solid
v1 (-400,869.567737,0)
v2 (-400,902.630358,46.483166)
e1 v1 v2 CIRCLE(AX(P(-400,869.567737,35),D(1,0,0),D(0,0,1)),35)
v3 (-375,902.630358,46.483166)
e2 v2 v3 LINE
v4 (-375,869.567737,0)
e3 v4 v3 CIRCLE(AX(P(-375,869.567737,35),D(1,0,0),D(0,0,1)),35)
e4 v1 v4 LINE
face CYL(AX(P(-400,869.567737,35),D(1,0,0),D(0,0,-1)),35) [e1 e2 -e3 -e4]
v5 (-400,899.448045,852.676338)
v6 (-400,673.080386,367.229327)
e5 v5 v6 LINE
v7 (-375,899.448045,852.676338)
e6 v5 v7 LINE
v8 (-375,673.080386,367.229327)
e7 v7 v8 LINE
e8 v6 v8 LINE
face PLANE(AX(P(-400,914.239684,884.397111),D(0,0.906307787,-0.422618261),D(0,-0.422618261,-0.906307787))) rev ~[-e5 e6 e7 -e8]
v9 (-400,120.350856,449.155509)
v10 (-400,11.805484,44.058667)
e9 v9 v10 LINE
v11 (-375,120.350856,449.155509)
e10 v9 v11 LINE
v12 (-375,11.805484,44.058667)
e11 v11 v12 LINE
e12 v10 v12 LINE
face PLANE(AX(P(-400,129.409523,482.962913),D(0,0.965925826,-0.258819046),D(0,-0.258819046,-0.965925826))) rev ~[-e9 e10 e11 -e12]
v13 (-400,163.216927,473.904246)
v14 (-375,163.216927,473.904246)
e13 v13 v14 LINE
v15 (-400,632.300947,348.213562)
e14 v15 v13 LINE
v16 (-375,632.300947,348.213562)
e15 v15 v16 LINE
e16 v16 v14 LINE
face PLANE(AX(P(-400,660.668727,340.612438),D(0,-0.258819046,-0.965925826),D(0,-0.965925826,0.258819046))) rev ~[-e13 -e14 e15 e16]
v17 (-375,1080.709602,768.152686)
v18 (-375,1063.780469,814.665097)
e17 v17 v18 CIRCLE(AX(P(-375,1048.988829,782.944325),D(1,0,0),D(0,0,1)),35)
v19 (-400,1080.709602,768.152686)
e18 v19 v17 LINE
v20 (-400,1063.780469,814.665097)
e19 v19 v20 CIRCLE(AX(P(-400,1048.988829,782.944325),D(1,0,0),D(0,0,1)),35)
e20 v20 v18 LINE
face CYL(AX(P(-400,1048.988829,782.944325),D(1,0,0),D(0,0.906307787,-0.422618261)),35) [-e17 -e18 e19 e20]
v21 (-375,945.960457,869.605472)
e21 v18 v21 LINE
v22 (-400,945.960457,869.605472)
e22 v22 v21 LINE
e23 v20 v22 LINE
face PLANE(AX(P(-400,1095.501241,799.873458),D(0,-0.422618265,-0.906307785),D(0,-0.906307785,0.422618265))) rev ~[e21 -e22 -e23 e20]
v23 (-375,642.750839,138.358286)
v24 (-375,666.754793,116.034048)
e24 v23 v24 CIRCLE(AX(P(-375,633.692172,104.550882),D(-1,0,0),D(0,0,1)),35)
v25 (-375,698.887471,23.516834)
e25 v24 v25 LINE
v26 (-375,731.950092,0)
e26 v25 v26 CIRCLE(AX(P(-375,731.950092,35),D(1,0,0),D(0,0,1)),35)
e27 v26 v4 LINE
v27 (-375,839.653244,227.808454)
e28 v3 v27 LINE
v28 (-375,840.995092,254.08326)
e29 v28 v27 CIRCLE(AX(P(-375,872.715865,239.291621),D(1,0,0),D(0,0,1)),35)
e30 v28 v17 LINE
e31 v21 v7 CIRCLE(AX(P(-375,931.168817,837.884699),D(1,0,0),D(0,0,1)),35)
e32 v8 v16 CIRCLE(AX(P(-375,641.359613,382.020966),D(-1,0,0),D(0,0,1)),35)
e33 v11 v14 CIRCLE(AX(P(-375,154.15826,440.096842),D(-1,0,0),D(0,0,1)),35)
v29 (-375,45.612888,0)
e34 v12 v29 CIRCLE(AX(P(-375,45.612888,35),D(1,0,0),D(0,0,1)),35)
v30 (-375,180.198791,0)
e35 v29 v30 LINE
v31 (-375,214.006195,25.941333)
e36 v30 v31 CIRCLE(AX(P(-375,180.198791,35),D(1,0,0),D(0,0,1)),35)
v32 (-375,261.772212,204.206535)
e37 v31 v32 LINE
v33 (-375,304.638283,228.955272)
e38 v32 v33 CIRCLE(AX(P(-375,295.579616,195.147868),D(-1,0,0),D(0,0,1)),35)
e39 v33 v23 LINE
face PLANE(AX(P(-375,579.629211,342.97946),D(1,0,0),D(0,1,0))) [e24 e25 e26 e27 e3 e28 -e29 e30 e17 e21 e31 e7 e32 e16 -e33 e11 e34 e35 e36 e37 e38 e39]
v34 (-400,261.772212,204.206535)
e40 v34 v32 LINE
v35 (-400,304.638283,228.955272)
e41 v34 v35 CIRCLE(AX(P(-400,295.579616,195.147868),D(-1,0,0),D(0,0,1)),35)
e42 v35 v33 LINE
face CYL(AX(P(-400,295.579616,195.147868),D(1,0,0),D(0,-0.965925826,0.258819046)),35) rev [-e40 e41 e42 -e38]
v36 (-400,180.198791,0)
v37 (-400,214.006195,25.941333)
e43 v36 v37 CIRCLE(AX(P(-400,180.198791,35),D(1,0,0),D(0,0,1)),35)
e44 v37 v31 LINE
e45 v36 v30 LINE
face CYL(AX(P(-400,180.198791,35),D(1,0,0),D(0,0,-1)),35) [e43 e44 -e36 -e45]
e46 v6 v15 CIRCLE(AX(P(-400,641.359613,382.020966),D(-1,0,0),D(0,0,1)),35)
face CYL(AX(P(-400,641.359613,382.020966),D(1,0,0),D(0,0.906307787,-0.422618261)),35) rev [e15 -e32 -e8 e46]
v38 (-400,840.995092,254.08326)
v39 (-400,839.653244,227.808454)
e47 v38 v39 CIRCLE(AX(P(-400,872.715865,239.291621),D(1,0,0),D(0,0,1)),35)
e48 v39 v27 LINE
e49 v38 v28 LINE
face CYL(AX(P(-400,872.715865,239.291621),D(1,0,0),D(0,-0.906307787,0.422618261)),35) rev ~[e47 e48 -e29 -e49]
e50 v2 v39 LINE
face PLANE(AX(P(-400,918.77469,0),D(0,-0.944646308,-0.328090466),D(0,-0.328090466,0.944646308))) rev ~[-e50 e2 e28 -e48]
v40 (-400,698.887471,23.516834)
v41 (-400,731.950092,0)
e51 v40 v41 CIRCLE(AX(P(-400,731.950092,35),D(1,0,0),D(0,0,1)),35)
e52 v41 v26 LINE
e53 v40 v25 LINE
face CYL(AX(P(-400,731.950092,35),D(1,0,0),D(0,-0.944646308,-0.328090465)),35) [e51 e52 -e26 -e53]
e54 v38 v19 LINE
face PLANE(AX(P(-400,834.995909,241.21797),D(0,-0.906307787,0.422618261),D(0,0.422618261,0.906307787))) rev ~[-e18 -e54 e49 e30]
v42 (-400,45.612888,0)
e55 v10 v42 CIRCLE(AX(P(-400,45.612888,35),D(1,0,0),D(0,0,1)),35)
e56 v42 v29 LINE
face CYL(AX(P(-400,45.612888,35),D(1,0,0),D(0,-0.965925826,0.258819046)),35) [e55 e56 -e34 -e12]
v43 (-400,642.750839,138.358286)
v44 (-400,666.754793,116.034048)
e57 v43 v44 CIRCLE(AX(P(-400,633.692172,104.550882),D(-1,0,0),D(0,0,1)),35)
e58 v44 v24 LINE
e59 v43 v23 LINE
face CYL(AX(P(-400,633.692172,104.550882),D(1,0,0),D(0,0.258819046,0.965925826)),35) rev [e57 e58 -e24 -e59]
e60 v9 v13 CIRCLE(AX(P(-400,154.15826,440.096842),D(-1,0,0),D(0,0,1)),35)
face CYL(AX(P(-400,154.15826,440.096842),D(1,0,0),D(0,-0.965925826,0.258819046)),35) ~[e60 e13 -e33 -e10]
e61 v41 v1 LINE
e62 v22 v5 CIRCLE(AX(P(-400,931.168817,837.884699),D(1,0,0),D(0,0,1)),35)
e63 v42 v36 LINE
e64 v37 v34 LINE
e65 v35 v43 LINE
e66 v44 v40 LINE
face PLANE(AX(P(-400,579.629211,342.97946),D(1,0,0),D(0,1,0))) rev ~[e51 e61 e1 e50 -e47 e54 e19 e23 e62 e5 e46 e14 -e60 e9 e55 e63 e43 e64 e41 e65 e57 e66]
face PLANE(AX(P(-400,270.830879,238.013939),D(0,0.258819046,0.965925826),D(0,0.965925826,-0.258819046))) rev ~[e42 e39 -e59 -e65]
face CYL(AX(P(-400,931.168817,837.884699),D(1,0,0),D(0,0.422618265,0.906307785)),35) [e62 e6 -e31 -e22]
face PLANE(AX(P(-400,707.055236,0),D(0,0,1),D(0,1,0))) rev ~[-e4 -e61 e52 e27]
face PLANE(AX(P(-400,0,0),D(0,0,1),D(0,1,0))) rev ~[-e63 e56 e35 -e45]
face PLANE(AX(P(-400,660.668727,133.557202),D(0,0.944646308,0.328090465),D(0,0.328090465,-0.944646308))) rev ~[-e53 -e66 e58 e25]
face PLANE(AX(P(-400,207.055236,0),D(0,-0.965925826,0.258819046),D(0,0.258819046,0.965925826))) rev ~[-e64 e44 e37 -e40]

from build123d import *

# Parameters (mm, degrees)
F2_DEPTH = 25
F3_R     = 35
F4_R     = 35


with BuildPart() as f2:
    # F1 (on offset) → F2 (new body)
    with BuildSketch(Plane.YZ.offset(-400)):
        Polygon((129.409523, 482.962913), (0, 0), (207.055236, 0), (270.830879, 238.013939), (660.668727, 133.557202), (707.055236, 0), (918.77469, 0), (834.995909, 241.21797), (1095.501241, 799.873458), (914.239684, 884.397111), (660.668727, 340.612438), align=None)
    extrude(amount=F2_DEPTH)

    # F3
    f3_edges = [f2.edges().sort_by_distance(p)[0] for p in [
        (-387.5, 914.239684, 884.397111),
        (-387.5, 1095.501241, 799.873458),
        (-387.5, 660.668727, 340.612438),
        (-387.5, 129.409523, 482.962913),
        (-387.5, 707.055236, 0),
        (-387.5, 0, 0),
        (-387.5, 918.77469, 0),
        (-387.5, 207.055236, 0),
        (-387.5, 270.830879, 238.013939),
        (-387.5, 660.668727, 133.557202),
    ]]
    fillet(f3_edges, radius=F3_R)

    # F4
    f4_edges = [f2.edges().sort_by_distance(p)[0] for p in [
        (-387.5, 834.995909, 241.21797),
    ]]
    fillet(f4_edges, radius=F4_R)


solid = f2.part
